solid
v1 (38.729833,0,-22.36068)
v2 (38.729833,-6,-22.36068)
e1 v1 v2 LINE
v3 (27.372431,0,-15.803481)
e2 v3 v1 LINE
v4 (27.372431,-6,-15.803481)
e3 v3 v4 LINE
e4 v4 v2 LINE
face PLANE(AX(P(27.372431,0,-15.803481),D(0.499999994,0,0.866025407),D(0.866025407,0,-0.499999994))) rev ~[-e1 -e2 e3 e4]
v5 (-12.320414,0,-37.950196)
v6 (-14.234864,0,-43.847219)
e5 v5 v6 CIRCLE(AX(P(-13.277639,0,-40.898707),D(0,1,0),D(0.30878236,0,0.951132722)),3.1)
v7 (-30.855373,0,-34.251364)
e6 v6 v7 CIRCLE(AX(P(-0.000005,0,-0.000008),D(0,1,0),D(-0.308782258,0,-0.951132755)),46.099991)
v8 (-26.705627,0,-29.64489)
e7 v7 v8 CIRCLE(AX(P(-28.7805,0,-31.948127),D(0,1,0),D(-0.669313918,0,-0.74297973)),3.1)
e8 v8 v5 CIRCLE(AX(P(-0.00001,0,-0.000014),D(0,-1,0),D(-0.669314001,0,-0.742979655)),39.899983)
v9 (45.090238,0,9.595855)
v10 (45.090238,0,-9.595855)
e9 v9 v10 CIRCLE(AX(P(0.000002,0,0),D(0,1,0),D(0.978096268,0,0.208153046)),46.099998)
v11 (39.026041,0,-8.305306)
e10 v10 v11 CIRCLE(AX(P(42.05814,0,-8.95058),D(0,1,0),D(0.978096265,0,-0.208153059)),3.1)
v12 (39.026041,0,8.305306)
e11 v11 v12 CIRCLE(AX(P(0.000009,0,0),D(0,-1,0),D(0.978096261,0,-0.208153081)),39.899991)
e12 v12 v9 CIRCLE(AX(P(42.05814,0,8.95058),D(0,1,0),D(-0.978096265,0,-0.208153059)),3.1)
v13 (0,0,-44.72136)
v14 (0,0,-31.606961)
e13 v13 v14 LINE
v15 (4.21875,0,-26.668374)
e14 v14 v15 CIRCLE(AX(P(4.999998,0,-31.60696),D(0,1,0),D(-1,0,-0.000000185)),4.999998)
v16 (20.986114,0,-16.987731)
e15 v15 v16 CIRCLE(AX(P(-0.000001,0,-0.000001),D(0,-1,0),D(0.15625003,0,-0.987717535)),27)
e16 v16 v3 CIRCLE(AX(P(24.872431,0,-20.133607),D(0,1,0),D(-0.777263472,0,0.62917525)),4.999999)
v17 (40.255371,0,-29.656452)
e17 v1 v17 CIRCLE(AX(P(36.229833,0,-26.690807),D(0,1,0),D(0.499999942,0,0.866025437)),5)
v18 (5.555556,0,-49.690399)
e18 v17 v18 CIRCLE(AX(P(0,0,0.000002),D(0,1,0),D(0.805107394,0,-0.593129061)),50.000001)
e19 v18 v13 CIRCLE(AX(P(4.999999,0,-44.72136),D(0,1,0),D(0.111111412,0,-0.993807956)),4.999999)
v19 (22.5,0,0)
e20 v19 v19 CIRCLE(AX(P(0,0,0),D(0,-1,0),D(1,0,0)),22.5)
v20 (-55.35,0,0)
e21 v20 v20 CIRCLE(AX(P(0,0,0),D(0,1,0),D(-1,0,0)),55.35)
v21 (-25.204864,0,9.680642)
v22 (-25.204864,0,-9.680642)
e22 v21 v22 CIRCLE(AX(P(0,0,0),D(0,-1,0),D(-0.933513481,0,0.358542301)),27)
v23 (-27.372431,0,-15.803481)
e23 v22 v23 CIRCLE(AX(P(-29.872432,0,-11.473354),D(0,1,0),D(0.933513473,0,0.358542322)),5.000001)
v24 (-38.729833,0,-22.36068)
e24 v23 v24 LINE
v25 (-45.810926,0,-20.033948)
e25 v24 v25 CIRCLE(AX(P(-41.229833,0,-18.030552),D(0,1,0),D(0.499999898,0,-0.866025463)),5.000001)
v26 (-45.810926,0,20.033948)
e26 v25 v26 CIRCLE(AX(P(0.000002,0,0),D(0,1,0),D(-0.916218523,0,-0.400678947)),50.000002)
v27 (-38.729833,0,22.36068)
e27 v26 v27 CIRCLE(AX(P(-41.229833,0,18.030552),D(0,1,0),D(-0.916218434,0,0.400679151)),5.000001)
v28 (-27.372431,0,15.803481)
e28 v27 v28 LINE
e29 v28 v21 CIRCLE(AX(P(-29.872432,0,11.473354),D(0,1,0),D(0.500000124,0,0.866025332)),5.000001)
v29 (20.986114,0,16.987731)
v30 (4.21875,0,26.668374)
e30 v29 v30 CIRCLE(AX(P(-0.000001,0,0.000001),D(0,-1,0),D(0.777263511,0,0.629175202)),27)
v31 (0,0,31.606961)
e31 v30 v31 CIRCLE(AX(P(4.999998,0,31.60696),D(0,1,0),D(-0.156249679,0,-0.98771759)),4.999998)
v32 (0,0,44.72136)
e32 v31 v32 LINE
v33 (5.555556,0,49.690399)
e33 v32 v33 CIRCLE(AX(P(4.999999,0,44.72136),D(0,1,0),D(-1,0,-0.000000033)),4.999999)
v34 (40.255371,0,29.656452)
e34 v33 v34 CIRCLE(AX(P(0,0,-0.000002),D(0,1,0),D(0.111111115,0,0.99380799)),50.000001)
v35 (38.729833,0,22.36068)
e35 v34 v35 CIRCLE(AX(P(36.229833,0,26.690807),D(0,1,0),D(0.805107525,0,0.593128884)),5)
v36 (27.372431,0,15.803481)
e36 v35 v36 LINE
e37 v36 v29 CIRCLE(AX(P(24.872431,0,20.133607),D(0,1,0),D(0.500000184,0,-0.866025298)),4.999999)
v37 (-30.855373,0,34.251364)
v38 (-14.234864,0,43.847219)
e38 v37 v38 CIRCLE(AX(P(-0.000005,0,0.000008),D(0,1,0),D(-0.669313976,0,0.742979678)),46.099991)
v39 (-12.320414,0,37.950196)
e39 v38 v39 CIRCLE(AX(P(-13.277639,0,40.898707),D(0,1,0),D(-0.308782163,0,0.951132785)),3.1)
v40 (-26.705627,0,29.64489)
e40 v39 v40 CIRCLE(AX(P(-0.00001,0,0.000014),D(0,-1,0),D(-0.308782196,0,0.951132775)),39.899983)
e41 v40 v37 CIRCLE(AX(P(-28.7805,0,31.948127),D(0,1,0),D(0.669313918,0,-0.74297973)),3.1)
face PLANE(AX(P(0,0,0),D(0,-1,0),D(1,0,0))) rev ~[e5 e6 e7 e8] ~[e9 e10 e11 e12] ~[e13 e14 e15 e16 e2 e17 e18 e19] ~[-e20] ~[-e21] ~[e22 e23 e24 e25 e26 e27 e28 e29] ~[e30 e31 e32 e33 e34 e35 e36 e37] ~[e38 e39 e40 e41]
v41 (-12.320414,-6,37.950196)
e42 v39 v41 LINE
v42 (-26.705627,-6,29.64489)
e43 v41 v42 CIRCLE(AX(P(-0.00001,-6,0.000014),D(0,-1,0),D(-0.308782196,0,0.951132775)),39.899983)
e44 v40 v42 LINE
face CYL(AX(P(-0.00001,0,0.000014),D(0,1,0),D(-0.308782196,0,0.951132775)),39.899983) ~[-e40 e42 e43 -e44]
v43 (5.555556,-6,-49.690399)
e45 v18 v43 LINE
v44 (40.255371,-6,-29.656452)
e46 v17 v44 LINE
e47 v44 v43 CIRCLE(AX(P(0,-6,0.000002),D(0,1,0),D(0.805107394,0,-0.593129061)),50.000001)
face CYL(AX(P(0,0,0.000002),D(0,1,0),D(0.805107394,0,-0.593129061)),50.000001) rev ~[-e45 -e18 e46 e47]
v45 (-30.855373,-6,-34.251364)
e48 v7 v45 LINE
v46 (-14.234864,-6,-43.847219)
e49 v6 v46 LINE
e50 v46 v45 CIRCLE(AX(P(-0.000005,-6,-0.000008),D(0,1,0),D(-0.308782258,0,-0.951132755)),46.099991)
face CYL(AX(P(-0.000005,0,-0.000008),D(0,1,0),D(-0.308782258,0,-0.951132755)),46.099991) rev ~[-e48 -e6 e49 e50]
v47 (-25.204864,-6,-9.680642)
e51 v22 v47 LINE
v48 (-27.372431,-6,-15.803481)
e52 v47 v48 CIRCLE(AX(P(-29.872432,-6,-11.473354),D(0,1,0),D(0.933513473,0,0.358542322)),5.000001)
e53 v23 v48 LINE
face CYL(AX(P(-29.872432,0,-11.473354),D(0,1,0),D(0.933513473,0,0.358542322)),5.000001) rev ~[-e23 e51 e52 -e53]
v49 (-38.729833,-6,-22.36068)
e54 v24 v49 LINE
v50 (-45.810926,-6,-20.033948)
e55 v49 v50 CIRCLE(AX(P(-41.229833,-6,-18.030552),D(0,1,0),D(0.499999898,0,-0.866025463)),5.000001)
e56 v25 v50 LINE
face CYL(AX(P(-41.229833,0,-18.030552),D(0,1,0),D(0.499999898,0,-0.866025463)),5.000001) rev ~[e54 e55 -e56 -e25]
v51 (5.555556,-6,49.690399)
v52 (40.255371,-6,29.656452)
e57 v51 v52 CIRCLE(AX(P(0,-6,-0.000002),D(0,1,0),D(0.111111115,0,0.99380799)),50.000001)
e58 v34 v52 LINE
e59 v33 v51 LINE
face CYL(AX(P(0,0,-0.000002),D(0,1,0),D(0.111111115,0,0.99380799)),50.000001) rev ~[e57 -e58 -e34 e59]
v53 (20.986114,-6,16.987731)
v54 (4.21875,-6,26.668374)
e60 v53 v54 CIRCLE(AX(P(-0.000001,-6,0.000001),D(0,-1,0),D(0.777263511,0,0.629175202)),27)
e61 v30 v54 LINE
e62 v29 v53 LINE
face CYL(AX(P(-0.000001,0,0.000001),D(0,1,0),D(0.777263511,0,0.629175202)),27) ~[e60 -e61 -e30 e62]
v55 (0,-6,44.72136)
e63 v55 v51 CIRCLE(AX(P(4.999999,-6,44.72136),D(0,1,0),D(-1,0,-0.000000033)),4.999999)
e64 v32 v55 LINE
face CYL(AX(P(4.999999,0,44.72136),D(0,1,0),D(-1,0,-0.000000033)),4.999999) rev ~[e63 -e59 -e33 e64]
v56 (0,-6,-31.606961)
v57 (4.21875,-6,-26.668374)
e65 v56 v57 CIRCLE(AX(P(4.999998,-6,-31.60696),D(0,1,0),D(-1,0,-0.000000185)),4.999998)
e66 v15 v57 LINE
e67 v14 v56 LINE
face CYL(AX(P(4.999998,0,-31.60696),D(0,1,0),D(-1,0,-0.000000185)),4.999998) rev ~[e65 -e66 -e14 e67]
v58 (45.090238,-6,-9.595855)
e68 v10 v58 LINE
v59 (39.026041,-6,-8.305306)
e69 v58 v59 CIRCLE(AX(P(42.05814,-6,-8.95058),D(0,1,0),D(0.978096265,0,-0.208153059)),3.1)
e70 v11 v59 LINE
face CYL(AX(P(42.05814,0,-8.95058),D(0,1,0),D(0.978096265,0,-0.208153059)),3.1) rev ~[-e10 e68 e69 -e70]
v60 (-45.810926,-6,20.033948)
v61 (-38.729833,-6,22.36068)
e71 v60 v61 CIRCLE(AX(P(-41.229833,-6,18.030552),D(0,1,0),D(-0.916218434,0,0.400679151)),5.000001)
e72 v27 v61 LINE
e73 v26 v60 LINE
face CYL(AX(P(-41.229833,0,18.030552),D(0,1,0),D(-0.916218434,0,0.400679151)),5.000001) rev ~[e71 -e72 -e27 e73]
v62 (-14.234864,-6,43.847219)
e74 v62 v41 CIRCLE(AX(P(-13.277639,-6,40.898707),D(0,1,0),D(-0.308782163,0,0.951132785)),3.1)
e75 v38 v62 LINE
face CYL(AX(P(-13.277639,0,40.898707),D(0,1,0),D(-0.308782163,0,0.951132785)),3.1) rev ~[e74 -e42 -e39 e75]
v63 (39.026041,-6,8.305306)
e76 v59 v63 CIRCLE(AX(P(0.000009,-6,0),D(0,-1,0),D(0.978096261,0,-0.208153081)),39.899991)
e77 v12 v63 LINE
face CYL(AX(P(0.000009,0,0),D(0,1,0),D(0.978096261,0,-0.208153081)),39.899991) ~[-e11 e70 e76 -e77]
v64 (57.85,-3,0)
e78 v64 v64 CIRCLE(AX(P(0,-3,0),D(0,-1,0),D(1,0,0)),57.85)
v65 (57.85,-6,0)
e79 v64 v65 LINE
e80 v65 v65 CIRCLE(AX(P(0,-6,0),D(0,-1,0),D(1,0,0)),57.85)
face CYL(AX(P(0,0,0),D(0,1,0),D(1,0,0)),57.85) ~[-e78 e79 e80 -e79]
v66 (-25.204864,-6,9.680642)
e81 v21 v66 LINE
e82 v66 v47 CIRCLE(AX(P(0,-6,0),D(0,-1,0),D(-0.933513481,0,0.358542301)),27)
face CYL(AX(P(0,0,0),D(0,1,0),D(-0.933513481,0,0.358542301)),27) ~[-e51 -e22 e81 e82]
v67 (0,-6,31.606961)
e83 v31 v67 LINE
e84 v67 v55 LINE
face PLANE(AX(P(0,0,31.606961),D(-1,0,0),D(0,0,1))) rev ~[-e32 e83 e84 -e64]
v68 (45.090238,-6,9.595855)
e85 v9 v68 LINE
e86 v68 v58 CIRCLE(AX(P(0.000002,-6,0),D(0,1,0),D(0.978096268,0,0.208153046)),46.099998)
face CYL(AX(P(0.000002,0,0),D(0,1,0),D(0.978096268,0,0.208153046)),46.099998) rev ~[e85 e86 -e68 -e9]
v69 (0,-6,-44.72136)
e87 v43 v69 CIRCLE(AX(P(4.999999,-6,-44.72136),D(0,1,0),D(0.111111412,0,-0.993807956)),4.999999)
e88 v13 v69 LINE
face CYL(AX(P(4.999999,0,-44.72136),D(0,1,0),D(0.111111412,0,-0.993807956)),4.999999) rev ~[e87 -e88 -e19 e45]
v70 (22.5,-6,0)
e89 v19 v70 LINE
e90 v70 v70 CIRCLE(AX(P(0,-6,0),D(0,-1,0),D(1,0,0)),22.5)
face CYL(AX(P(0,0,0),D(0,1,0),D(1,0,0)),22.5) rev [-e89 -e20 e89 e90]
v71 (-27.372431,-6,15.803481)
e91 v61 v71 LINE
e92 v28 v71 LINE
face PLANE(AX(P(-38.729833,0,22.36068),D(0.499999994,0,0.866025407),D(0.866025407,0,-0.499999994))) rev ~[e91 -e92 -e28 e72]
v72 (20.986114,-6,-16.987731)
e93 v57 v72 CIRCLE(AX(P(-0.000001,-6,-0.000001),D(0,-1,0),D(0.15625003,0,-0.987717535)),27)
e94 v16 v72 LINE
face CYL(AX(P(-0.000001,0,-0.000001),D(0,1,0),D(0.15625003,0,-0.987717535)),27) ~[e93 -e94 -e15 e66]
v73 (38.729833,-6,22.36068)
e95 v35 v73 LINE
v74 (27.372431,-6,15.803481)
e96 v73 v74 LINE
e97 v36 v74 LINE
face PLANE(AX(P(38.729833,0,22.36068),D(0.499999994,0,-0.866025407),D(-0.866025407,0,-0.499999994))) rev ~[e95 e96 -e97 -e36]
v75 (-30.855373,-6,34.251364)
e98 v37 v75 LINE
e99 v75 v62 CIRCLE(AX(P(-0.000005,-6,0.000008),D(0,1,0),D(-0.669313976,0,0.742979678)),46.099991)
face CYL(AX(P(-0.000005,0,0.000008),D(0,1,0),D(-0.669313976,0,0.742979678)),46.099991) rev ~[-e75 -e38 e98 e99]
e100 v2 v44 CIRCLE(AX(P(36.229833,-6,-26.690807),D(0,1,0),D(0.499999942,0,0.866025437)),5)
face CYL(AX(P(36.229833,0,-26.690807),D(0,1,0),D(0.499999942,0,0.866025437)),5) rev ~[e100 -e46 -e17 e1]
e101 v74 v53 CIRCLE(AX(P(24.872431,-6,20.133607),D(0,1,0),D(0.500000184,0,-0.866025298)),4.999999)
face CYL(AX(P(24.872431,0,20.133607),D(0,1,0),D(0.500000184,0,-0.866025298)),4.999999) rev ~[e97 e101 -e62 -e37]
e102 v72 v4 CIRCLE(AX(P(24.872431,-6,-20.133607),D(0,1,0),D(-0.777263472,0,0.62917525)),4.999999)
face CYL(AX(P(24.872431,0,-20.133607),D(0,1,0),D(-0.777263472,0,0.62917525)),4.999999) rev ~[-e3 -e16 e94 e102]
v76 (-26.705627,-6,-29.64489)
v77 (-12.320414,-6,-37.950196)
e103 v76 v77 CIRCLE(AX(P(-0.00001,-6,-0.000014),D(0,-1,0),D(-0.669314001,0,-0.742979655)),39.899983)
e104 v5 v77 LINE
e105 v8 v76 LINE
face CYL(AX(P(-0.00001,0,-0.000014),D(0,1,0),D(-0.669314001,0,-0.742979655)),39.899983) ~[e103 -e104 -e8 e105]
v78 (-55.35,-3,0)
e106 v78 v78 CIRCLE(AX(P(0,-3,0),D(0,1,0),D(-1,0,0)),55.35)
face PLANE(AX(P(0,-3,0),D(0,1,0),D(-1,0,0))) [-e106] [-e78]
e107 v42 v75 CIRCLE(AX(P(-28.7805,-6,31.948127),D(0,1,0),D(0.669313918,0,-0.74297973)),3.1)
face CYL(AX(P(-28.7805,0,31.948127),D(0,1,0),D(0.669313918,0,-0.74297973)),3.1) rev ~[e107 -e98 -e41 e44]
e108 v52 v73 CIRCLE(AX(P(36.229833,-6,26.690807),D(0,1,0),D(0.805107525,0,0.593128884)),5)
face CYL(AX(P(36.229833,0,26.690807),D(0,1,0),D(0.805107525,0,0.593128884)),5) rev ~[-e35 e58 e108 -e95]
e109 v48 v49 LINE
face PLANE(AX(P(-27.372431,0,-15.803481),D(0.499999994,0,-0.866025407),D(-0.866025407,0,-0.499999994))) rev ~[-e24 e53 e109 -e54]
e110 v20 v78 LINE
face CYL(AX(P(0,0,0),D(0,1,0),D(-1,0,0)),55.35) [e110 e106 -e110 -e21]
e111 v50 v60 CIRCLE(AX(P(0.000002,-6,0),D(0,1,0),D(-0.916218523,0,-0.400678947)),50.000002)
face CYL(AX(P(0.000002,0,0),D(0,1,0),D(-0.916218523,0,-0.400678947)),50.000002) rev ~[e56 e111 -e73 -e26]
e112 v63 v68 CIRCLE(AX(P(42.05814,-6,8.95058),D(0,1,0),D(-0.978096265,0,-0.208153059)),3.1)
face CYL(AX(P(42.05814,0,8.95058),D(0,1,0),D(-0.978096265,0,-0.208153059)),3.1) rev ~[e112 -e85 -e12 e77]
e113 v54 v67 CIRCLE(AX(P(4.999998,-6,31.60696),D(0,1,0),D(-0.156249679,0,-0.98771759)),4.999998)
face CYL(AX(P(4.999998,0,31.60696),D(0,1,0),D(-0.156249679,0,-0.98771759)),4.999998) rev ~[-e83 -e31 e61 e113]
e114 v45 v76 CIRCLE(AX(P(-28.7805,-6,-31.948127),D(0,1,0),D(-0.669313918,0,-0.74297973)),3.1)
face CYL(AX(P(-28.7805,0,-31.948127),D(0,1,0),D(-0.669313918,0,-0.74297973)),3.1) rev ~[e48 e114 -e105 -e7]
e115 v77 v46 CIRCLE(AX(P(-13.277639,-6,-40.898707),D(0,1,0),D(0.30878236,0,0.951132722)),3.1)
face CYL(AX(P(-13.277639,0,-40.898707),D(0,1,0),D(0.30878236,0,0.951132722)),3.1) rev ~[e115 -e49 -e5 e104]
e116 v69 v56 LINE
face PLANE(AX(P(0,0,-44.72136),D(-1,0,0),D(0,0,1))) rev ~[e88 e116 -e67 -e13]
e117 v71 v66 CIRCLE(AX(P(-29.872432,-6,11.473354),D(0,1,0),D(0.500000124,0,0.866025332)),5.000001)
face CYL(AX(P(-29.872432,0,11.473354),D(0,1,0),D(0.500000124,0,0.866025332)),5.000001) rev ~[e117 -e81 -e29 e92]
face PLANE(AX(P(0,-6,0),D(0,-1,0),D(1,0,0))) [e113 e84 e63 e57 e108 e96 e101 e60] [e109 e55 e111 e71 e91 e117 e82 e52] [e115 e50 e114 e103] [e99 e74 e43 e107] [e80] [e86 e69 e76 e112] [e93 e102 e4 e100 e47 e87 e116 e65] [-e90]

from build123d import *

# Parameters (mm, degrees)
F0_R     = 57.85
F0_R_2   = 22.5
F1_DEPTH = 6
F2_R     = 57.85
F2_R_2   = 55.35
F3_DEPTH = 3


with BuildPart() as f1:
    # F0 (on Front) → F1 (new body)
    with BuildSketch(Plane.XZ):
        Circle(F0_R)
        with BuildLine():
            ThreePointArc((-12.320414, -37.950196), (-10.329128, -41.855933), (-14.234864, -43.847219))
            ThreePointArc((-14.234864, -43.847219), (-23.05, -39.923771), (-30.855373, -34.251364))
            ThreePointArc((-30.855373, -34.251364), (-31.083737, -29.873254), (-26.705627, -29.64489))
            ThreePointArc((-26.705627, -29.64489), (-19.95, -34.554414), (-12.320414, -37.950196))
        make_face(mode=Mode.SUBTRACT)
        with BuildLine():
            ThreePointArc((-27.372431, 15.803481), (-25.159068, 13.141948), (-25.204864, 9.680642))
            ThreePointArc((-25.204864, 9.680642), (-27, 0), (-25.204864, -9.680642))
            ThreePointArc((-25.204864, -9.680642), (-25.159068, -13.141948), (-27.372431, -15.803481))
            Line((-27.372431, -15.803481), (-38.729833, -22.36068))
            ThreePointArc((-38.729833, -22.36068), (-42.790653, -22.780694), (-45.810926, -20.033948))
            ThreePointArc((-45.810926, -20.033948), (-50, 0), (-45.810926, 20.033948))
            ThreePointArc((-45.810926, 20.033948), (-42.790653, 22.780694), (-38.729833, 22.36068))
            Line((-38.729833, 22.36068), (-27.372431, 15.803481))
        make_face(mode=Mode.SUBTRACT)
        Circle(F0_R_2, mode=Mode.SUBTRACT)
        with BuildLine():
            Line((0, -44.72136), (0, -31.606961))
            ThreePointArc((0, -31.606961), (1.198273, -28.359366), (4.21875, -26.668374))
            ThreePointArc((4.21875, -26.668374), (13.5, -23.382686), (20.986114, -16.987731))
            ThreePointArc((20.986114, -16.987731), (23.960795, -15.217418), (27.372431, -15.803481))
            Line((27.372431, -15.803481), (38.729833, -22.36068))
            ThreePointArc((38.729833, -22.36068), (41.123986, -25.667445), (40.255371, -29.656452))
            ThreePointArc((40.255371, -29.656452), (25, -43.30127), (5.555556, -49.690399))
            ThreePointArc((5.555556, -49.690399), (1.666667, -48.44814), (0, -44.72136))
        make_face(mode=Mode.SUBTRACT)
        with BuildLine():
            ThreePointArc((45.090238, 9.595855), (46.1, 0), (45.090238, -9.595855))
            ThreePointArc((45.090238, -9.595855), (41.412865, -11.982679), (39.026041, -8.305306))
            ThreePointArc((39.026041, -8.305306), (39.9, 0), (39.026041, 8.305306))
            ThreePointArc((39.026041, 8.305306), (41.412865, 11.982679), (45.090238, 9.595855))
        make_face(mode=Mode.SUBTRACT)
        with BuildLine():
            ThreePointArc((-30.855373, 34.251364), (-23.05, 39.923771), (-14.234864, 43.847219))
            ThreePointArc((-14.234864, 43.847219), (-10.329128, 41.855933), (-12.320414, 37.950196))
            ThreePointArc((-12.320414, 37.950196), (-19.95, 34.554414), (-26.705627, 29.64489))
            ThreePointArc((-26.705627, 29.64489), (-31.083737, 29.873254), (-30.855373, 34.251364))
        make_face(mode=Mode.SUBTRACT)
        with BuildLine():
            ThreePointArc((20.986114, 16.987731), (13.5, 23.382686), (4.21875, 26.668374))
            ThreePointArc((4.21875, 26.668374), (1.198273, 28.359366), (0, 31.606961))
            Line((0, 31.606961), (0, 44.72136))
            ThreePointArc((0, 44.72136), (1.666667, 48.44814), (5.555556, 49.690399))
            ThreePointArc((5.555556, 49.690399), (25, 43.30127), (40.255371, 29.656452))
            ThreePointArc((40.255371, 29.656452), (41.123986, 25.667445), (38.729833, 22.36068))
            Line((38.729833, 22.36068), (27.372431, 15.803481))
            ThreePointArc((27.372431, 15.803481), (23.960795, 15.217418), (20.986114, 16.987731))
        make_face(mode=Mode.SUBTRACT)
    extrude(amount=F1_DEPTH)

    # F2 (on face) → F3 (cut)
    with BuildSketch(Plane(origin=(0, 0, 0), x_dir=(-1, 0, 0), z_dir=(0, 1, 0))):
        Circle(F2_R)
        Circle(F2_R_2, mode=Mode.SUBTRACT)
    extrude(amount=-F3_DEPTH, mode=Mode.SUBTRACT)


solid = f1.part
